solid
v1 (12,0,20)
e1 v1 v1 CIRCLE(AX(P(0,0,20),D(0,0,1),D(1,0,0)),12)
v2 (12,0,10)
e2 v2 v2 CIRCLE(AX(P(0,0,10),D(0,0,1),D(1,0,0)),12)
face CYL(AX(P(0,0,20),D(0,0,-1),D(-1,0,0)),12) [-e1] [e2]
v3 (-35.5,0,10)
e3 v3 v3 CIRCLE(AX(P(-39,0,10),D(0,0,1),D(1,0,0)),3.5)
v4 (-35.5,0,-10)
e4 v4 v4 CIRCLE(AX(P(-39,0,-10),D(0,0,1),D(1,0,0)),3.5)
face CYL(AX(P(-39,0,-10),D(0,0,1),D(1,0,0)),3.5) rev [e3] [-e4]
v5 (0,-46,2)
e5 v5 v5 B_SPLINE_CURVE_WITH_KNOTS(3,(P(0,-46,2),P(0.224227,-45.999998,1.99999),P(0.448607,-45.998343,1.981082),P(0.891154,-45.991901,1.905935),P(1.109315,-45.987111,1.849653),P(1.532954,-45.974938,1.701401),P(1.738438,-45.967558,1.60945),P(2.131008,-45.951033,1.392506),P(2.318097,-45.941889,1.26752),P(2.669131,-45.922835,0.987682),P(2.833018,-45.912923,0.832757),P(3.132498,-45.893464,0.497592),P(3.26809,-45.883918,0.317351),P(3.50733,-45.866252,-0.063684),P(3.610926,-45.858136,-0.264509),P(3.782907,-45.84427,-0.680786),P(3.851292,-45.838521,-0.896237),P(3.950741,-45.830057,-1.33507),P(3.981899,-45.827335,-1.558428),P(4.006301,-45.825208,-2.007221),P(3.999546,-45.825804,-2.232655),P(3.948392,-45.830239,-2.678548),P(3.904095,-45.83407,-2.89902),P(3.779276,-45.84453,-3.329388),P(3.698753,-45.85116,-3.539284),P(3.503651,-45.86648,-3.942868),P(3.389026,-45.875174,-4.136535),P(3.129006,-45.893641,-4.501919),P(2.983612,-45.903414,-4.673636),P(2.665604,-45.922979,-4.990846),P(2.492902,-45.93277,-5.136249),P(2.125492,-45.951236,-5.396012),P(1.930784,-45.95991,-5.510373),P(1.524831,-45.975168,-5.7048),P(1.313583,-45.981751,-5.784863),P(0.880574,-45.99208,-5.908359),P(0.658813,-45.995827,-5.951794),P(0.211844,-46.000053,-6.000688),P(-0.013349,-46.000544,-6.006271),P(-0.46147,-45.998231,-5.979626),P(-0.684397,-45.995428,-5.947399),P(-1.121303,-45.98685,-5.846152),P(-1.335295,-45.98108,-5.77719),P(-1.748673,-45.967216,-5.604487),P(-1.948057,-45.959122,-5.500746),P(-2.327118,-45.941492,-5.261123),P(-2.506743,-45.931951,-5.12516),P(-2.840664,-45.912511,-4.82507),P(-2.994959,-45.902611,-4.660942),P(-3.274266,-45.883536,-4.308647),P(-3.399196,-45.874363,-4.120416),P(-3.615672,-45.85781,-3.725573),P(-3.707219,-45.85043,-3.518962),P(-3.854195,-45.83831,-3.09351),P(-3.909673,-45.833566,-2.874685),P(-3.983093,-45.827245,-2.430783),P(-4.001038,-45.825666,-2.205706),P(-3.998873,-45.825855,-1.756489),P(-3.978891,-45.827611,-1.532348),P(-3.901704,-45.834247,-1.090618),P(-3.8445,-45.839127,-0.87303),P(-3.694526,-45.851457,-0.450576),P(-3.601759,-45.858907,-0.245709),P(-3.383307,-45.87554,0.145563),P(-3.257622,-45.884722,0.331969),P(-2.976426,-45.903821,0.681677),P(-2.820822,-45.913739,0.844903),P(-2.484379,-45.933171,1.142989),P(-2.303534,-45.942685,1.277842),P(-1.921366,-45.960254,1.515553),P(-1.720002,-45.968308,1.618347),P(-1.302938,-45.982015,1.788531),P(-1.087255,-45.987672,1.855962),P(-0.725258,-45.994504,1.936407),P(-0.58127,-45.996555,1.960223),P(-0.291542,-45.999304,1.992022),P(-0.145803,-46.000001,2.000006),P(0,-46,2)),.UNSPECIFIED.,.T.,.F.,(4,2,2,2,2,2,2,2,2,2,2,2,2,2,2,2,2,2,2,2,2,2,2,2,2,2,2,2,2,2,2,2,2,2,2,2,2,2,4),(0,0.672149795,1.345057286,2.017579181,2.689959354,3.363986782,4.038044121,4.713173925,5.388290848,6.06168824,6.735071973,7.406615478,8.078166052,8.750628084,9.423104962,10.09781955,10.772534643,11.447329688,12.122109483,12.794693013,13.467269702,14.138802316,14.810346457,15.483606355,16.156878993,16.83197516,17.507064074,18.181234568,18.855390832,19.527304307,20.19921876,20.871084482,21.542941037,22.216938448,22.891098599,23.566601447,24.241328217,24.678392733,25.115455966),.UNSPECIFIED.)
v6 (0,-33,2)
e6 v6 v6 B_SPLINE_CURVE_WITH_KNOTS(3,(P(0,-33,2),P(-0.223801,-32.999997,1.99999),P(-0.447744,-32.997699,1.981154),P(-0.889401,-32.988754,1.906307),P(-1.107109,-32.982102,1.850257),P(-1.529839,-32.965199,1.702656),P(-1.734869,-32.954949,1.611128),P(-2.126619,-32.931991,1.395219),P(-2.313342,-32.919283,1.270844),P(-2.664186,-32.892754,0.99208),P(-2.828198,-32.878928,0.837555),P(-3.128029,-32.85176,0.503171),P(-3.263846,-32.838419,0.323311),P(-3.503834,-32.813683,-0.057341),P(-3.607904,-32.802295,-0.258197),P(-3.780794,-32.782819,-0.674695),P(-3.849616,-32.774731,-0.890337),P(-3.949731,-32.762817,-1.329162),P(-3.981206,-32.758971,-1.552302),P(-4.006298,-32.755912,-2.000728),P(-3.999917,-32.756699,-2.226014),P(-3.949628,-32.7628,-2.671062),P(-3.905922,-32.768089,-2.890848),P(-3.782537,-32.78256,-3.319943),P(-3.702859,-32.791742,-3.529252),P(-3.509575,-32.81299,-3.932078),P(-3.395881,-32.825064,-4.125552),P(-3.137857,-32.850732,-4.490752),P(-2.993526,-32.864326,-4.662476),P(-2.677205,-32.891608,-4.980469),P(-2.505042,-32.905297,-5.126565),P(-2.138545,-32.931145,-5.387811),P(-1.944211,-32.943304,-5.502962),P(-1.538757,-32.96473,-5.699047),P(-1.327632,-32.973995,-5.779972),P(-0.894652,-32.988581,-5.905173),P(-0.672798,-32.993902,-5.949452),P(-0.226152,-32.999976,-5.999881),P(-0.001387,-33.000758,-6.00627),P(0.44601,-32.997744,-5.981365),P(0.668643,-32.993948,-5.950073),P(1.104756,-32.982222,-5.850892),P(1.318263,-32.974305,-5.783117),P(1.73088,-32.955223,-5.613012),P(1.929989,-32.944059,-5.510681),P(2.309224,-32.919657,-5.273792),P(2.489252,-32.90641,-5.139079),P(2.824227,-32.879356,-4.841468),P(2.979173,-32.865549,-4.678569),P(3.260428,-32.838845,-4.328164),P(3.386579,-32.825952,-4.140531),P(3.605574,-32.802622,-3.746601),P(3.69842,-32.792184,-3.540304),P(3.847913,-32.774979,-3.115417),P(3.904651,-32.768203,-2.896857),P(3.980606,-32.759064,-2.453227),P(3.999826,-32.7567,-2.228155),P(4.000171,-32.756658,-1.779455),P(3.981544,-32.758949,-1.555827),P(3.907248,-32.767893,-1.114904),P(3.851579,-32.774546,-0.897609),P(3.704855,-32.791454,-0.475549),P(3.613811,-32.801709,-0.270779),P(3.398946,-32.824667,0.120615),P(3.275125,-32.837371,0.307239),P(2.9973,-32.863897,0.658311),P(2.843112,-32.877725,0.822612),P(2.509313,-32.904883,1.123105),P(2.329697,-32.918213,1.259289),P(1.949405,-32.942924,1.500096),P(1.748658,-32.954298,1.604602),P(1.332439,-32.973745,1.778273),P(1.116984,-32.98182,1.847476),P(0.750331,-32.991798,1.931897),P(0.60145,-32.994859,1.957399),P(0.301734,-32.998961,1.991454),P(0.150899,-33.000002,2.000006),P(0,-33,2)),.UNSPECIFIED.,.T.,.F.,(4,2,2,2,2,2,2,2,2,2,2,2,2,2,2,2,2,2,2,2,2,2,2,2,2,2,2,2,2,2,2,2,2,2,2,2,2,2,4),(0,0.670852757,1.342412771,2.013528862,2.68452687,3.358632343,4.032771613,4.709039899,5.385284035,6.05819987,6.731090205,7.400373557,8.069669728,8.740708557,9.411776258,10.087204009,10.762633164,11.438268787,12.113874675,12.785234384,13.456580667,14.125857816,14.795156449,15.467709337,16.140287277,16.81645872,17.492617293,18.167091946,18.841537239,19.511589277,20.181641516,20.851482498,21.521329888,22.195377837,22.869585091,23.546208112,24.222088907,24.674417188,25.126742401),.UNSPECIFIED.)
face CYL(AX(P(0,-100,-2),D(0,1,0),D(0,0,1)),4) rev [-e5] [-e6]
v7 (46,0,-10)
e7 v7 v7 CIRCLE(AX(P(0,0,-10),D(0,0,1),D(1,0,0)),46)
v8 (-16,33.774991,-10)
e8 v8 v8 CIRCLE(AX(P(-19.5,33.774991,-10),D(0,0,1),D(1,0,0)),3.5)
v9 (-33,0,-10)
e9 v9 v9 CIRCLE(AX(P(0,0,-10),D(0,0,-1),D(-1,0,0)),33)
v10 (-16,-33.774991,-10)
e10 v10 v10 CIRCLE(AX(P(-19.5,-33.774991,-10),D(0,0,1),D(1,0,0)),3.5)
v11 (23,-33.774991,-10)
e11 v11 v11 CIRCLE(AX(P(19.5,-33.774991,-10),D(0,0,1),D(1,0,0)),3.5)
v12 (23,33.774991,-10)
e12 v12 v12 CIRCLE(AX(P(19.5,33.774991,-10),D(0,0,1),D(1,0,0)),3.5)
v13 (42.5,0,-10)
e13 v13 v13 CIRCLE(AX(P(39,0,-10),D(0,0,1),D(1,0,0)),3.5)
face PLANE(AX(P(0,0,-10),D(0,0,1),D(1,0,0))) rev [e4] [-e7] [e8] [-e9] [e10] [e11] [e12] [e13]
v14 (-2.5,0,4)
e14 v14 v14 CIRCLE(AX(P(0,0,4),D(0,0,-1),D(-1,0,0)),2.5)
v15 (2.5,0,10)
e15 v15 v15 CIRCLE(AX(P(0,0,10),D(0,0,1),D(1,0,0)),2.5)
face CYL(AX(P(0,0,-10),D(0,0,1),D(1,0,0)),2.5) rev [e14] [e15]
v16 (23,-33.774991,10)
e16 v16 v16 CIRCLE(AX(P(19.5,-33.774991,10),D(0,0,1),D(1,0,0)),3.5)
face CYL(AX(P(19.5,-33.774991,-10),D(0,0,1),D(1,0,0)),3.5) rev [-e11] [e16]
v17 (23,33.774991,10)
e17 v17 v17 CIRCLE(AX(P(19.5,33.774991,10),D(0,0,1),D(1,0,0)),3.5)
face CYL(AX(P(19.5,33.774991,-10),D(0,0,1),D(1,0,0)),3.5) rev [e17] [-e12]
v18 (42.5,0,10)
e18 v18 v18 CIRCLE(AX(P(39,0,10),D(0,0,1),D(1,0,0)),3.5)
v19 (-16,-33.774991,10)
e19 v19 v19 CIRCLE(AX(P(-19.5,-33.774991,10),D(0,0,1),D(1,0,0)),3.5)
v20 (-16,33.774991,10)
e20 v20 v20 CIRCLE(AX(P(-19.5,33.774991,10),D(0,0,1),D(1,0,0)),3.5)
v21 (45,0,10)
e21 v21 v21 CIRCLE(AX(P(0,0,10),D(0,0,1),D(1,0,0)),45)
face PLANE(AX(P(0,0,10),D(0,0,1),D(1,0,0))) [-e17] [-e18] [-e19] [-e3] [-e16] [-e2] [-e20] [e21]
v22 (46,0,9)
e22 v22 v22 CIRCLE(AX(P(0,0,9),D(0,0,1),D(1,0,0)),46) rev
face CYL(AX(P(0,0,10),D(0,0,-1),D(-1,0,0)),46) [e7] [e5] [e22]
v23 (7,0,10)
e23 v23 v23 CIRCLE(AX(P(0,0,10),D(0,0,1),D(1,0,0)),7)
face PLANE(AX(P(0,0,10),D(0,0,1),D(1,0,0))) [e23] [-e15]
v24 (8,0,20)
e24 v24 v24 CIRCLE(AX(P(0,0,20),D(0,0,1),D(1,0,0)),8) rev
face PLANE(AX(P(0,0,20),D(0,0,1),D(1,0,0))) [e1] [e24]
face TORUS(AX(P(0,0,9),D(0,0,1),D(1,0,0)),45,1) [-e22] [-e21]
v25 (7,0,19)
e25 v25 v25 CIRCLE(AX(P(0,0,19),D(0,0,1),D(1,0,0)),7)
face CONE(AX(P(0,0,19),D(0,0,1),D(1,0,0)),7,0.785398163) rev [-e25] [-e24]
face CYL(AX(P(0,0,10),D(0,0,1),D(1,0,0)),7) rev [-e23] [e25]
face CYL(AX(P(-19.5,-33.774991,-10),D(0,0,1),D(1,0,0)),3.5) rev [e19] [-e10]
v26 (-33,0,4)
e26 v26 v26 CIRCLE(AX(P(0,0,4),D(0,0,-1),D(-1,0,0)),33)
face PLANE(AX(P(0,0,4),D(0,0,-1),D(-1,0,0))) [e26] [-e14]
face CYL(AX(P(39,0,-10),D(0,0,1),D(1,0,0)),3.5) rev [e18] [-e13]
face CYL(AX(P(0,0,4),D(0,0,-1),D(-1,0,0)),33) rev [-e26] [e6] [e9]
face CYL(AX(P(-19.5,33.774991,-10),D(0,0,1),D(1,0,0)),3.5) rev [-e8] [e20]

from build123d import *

# Parameters (mm, degrees)
SKETCH1_R           = 46
BOSS_EXTRUDE1_DEPTH = 10
SKETCH2_R           = 12
BOSS_EXTRUDE2_DEPTH = 10
SKETCH3_R           = 3.5
CUT_EXTRUDE1_DEPTH  = 69.058798109
FILLET2_R           = 1
SKETCH4_R           = 33
CUT_EXTRUDE2_DEPTH  = 14
SKETCH9_R           = 7
CUT_EXTRUDE3_DEPTH  = 10
SKETCH10_R          = 2.5
CUT_EXTRUDE4_DEPTH  = 69.058798109
CHAMFER1_SIZE       = 1
SKETCH12_R          = 4
CUT_EXTRUDE7_DEPTH  = 100


with BuildPart() as part:
    # Sketch1 → Boss-Extrude1 (new, symmetric)
    with BuildSketch(Plane.XY):
        Circle(SKETCH1_R)
    extrude(amount=BOSS_EXTRUDE1_DEPTH, both=True)

    # Sketch2 → Boss-Extrude2 (add)
    with BuildSketch(Plane.XY.offset(10)):
        Circle(SKETCH2_R)
    extrude(amount=BOSS_EXTRUDE2_DEPTH)

    # Sketch3 → Cut-Extrude1 (cut, through all)
    with BuildSketch(Plane.XY.offset(10)):
        with Locations((39, 0)):
            Circle(SKETCH3_R)
        with Locations((19.5, -33.774990748)):
            Circle(SKETCH3_R)
        with Locations((-19.5, -33.774990748)):
            Circle(SKETCH3_R)
        with Locations((-39, 0)):
            Circle(SKETCH3_R)
        with Locations((-19.5, 33.774990748)):
            Circle(SKETCH3_R)
        with Locations((19.5, 33.774990748)):
            Circle(SKETCH3_R)
    extrude(amount=-CUT_EXTRUDE1_DEPTH, mode=Mode.SUBTRACT)

    # Fillet2
    fillet2_edges = [part.edges().sort_by_distance(p)[0] for p in [
        (-46, 0, 10),
    ]]
    fillet(fillet2_edges, radius=FILLET2_R)

    # Sketch4 → Cut-Extrude2 (cut)
    with BuildSketch(Plane(origin=(0, 0, -10), x_dir=(-1, 0, 0), z_dir=(0, 0, -1))):
        Circle(SKETCH4_R)
    extrude(amount=-CUT_EXTRUDE2_DEPTH, mode=Mode.SUBTRACT)

    # Sketch9 → Cut-Extrude3 (cut)
    with BuildSketch(Plane.XY.offset(20)):
        Circle(SKETCH9_R)
    extrude(amount=-CUT_EXTRUDE3_DEPTH, mode=Mode.SUBTRACT)

    # Sketch10 → Cut-Extrude4 (cut, through all)
    with BuildSketch(Plane.XY.offset(10)):
        Circle(SKETCH10_R)
    extrude(amount=-CUT_EXTRUDE4_DEPTH, mode=Mode.SUBTRACT)

    # Chamfer1
    chamfer1_edges = [part.edges().sort_by_distance(p)[0] for p in [
        (-7, 0, 20),
    ]]
    chamfer(chamfer1_edges, length=CHAMFER1_SIZE)

    # Sketch12 → Cut-Extrude7 (cut)
    with BuildSketch(Plane(origin=(0, 0, 0), x_dir=(1, 0, 0), z_dir=(0, 1, 0))):
        with Locations(Location((0, 2, 0), (0, 0, 270))):
            Circle(SKETCH12_R)
    extrude(amount=-CUT_EXTRUDE7_DEPTH, mode=Mode.SUBTRACT)


solid = part.part
